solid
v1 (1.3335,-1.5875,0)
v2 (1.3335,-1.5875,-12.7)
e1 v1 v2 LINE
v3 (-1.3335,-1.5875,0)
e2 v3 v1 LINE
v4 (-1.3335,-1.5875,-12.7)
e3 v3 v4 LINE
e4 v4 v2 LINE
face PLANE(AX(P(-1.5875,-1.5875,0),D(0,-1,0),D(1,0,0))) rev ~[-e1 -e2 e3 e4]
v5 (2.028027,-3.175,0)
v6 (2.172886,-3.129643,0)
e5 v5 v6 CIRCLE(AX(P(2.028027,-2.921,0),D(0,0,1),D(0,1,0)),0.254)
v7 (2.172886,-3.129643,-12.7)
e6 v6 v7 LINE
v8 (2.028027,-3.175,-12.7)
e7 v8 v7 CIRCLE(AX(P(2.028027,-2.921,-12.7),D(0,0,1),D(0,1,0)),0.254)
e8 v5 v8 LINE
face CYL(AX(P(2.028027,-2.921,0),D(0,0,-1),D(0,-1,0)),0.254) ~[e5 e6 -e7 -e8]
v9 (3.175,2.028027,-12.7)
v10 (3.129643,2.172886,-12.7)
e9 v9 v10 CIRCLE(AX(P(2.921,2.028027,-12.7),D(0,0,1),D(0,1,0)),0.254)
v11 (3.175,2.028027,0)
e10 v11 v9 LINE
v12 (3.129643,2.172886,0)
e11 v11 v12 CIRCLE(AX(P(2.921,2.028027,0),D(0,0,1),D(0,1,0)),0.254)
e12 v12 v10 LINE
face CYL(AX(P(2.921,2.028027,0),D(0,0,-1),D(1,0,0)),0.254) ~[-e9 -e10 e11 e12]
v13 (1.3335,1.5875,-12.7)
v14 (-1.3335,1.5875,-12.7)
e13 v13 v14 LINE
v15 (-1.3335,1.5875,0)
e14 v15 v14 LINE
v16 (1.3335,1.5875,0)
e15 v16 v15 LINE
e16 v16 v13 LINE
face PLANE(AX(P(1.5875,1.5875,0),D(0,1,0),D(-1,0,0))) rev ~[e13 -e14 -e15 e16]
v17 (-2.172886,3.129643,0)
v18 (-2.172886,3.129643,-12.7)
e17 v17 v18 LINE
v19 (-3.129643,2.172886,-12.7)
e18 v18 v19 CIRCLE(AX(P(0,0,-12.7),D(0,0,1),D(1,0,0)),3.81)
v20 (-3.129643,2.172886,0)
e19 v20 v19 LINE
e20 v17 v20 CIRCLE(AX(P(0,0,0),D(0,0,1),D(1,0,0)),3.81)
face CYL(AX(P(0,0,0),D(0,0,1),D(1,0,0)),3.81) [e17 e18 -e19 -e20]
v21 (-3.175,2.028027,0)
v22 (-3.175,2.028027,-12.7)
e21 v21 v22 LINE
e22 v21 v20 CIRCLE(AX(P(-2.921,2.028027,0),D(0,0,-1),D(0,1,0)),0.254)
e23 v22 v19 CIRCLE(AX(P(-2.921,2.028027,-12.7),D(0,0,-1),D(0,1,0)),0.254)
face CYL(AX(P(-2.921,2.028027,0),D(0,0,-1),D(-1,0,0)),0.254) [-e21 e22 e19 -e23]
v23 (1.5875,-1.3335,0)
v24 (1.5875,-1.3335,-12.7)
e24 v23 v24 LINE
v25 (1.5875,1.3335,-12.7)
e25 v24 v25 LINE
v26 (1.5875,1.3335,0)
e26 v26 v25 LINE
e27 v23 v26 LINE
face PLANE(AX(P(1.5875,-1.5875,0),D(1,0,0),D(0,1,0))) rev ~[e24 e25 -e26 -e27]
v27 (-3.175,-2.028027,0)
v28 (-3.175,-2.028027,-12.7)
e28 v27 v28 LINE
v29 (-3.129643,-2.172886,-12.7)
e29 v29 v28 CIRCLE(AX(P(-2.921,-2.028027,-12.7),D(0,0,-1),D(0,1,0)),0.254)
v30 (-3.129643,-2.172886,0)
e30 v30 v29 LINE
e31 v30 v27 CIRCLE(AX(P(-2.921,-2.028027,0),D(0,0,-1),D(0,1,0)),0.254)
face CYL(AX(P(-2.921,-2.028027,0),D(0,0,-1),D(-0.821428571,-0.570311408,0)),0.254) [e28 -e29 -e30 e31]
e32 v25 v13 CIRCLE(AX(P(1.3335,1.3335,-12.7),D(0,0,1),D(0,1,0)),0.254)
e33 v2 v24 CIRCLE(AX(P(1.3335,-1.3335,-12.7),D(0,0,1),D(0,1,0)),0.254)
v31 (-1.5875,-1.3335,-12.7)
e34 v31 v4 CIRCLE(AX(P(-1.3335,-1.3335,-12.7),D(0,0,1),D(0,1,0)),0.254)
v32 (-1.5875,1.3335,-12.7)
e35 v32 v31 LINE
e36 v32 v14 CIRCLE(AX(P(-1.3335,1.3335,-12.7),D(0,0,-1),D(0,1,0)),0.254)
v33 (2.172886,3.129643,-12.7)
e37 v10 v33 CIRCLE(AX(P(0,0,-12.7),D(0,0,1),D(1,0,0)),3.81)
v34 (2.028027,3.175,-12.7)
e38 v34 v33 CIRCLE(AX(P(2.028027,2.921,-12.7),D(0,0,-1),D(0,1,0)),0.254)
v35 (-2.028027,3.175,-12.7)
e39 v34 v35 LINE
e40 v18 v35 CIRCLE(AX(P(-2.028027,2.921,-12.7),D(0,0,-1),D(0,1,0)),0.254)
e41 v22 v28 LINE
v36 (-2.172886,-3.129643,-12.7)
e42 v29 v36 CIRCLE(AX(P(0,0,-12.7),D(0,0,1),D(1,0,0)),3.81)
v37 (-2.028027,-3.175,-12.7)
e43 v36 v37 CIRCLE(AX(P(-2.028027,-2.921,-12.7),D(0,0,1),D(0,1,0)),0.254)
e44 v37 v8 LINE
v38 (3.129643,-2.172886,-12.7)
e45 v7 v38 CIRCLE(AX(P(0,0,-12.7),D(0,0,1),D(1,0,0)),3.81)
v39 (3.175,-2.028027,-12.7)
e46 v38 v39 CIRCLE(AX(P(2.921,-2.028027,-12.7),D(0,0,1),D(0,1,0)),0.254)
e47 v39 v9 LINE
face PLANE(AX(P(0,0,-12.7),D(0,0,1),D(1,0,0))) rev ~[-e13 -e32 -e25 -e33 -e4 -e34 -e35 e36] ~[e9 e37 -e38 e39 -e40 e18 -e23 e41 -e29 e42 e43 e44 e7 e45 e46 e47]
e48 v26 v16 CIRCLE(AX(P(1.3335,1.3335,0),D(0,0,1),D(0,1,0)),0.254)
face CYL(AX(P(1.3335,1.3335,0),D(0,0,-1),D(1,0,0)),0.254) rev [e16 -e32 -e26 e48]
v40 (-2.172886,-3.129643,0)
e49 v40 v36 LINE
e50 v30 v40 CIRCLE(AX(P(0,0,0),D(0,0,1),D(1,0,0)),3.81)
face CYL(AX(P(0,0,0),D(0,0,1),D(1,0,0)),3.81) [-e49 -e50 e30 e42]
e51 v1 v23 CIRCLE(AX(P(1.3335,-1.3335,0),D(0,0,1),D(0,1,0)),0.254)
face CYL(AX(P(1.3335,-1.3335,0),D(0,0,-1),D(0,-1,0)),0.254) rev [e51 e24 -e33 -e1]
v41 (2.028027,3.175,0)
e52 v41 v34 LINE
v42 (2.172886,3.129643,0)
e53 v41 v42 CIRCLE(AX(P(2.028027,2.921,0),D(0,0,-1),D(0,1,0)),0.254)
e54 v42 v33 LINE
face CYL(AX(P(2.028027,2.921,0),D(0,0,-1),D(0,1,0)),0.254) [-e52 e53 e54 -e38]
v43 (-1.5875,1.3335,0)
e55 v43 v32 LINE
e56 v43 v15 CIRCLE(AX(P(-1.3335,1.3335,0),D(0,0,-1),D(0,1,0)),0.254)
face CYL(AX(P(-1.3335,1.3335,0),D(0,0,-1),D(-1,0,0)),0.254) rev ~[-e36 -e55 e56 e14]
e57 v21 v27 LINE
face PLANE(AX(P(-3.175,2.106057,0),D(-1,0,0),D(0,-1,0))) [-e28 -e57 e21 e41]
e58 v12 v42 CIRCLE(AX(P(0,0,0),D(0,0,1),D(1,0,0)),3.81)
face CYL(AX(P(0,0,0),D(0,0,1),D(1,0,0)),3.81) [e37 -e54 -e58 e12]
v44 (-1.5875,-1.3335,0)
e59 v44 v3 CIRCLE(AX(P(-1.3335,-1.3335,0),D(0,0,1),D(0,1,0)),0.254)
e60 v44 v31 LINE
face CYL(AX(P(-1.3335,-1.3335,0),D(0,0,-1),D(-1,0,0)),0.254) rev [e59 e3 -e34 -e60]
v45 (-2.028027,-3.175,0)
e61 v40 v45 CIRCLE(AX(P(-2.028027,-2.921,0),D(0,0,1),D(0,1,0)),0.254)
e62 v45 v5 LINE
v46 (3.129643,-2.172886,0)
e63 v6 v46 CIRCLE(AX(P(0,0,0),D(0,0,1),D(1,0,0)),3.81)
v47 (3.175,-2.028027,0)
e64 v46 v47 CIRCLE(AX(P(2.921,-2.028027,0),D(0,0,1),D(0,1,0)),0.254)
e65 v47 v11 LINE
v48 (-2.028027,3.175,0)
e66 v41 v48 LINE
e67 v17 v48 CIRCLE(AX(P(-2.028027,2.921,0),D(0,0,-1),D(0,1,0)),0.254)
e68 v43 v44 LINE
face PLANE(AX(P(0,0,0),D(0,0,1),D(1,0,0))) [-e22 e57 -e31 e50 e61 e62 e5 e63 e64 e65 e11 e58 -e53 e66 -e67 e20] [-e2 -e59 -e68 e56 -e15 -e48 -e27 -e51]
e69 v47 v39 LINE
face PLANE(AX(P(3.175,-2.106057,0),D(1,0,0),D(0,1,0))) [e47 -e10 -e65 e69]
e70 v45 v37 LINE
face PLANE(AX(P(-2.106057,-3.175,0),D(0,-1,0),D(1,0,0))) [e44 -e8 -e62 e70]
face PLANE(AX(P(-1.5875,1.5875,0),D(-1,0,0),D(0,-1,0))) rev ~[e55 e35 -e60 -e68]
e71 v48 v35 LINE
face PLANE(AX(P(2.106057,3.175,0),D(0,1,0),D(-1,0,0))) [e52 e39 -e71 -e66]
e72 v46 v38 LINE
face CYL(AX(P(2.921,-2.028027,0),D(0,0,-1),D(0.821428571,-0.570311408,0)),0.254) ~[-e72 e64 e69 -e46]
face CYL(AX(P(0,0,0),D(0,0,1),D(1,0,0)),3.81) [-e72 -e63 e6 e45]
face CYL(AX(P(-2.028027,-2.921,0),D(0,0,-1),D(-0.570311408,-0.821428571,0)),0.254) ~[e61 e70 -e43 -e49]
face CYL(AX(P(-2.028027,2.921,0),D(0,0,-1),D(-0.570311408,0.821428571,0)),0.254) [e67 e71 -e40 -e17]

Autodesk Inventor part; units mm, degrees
ref_plane "YZ Plane" through (0, 0, 0) normal (1, 0, 0) x (0, 1, 0)
ref_plane "XZ Plane" through (0, 0, 0) normal (0, 1, 0) x (-1, 0, 0)
ref_plane "XY Plane" through (0, 0, 0) normal (0, 0, 1) x (1, 0, 0)
sketch "Sketch1" plane through (0, 0, 0) normal (0, 0, 1) x (1, 0, 0)
  line L0 (-3.175, -3.175) -> (3.175, -3.175)
  line L1 (3.175, -3.175) -> (3.175, 3.175)
  line L2 (3.175, 3.175) -> (-3.175, 3.175)
  line L3 (-3.175, 3.175) -> (-3.175, -3.175)
  line L4 (-3.175, -3.175) -> (3.175, 3.175) construction
  line L5 (3.175, -3.175) -> (-3.175, 3.175) construction
  circle A0 centre (0, 0) radius 3.81
  point P0 (2.1061, -3.175)
  point P1 (3.175, -2.1061)
  point P2 (3.175, 2.1061)
  point P3 (2.1061, 3.175)
  point P4 (-2.1061, 3.175)
  point P5 (-3.175, 2.1061)
  point P6 (-3.175, -2.1061)
  point P7 (-2.1061, -3.175)
  dimension "d0" = 7.62
  dimension "d1" = 6.35
extrude "Extrusion1" add sketch "Sketch1" against normal blind 12.7 contours A0 L3 L2 L1 L0
sketch "Sketch2" plane through (0, 0, 0) normal (0, 0, 1) x (1, 0, 0)
  arc A0 (-3.175, -2.1061) -> (-2.1061, -3.175) centre (0, 0) ccw construction
  line L0 (-1.5875, -1.5875) -> (1.5875, -1.5875)
  line L1 (1.5875, -1.5875) -> (1.5875, 1.5875)
  line L2 (1.5875, 1.5875) -> (-1.5875, 1.5875)
  line L3 (-1.5875, 1.5875) -> (-1.5875, -1.5875)
  line L4 (-1.5875, -1.5875) -> (1.5875, 1.5875) construction
  line L5 (1.5875, -1.5875) -> (-1.5875, 1.5875) construction
  dimension "d7" = 3.175
extrude "Extrusion2" cut sketch "Sketch2" against normal blind 12.7
fillet "Fillet1" radius 0.254 12 edges at (-1.5875, -1.5875, -6.35) (-1.5875, 1.5875, -6.35) (1.5875, 1.5875, -6.35) (1.5875, -1.5875, -6.35) (2.1061, 3.175, -6.35) (3.175, 2.1061, -6.35) (3.175, -2.1061, -6.35) (2.1061, -3.175, -6.35) (-2.1061, -3.175, -6.35) (-3.175, -2.1061, -6.35) (-3.175, 2.1061, -6.35) (-2.1061, 3.175, -6.35)
properties part number "HS Shaft Adapter Square"
